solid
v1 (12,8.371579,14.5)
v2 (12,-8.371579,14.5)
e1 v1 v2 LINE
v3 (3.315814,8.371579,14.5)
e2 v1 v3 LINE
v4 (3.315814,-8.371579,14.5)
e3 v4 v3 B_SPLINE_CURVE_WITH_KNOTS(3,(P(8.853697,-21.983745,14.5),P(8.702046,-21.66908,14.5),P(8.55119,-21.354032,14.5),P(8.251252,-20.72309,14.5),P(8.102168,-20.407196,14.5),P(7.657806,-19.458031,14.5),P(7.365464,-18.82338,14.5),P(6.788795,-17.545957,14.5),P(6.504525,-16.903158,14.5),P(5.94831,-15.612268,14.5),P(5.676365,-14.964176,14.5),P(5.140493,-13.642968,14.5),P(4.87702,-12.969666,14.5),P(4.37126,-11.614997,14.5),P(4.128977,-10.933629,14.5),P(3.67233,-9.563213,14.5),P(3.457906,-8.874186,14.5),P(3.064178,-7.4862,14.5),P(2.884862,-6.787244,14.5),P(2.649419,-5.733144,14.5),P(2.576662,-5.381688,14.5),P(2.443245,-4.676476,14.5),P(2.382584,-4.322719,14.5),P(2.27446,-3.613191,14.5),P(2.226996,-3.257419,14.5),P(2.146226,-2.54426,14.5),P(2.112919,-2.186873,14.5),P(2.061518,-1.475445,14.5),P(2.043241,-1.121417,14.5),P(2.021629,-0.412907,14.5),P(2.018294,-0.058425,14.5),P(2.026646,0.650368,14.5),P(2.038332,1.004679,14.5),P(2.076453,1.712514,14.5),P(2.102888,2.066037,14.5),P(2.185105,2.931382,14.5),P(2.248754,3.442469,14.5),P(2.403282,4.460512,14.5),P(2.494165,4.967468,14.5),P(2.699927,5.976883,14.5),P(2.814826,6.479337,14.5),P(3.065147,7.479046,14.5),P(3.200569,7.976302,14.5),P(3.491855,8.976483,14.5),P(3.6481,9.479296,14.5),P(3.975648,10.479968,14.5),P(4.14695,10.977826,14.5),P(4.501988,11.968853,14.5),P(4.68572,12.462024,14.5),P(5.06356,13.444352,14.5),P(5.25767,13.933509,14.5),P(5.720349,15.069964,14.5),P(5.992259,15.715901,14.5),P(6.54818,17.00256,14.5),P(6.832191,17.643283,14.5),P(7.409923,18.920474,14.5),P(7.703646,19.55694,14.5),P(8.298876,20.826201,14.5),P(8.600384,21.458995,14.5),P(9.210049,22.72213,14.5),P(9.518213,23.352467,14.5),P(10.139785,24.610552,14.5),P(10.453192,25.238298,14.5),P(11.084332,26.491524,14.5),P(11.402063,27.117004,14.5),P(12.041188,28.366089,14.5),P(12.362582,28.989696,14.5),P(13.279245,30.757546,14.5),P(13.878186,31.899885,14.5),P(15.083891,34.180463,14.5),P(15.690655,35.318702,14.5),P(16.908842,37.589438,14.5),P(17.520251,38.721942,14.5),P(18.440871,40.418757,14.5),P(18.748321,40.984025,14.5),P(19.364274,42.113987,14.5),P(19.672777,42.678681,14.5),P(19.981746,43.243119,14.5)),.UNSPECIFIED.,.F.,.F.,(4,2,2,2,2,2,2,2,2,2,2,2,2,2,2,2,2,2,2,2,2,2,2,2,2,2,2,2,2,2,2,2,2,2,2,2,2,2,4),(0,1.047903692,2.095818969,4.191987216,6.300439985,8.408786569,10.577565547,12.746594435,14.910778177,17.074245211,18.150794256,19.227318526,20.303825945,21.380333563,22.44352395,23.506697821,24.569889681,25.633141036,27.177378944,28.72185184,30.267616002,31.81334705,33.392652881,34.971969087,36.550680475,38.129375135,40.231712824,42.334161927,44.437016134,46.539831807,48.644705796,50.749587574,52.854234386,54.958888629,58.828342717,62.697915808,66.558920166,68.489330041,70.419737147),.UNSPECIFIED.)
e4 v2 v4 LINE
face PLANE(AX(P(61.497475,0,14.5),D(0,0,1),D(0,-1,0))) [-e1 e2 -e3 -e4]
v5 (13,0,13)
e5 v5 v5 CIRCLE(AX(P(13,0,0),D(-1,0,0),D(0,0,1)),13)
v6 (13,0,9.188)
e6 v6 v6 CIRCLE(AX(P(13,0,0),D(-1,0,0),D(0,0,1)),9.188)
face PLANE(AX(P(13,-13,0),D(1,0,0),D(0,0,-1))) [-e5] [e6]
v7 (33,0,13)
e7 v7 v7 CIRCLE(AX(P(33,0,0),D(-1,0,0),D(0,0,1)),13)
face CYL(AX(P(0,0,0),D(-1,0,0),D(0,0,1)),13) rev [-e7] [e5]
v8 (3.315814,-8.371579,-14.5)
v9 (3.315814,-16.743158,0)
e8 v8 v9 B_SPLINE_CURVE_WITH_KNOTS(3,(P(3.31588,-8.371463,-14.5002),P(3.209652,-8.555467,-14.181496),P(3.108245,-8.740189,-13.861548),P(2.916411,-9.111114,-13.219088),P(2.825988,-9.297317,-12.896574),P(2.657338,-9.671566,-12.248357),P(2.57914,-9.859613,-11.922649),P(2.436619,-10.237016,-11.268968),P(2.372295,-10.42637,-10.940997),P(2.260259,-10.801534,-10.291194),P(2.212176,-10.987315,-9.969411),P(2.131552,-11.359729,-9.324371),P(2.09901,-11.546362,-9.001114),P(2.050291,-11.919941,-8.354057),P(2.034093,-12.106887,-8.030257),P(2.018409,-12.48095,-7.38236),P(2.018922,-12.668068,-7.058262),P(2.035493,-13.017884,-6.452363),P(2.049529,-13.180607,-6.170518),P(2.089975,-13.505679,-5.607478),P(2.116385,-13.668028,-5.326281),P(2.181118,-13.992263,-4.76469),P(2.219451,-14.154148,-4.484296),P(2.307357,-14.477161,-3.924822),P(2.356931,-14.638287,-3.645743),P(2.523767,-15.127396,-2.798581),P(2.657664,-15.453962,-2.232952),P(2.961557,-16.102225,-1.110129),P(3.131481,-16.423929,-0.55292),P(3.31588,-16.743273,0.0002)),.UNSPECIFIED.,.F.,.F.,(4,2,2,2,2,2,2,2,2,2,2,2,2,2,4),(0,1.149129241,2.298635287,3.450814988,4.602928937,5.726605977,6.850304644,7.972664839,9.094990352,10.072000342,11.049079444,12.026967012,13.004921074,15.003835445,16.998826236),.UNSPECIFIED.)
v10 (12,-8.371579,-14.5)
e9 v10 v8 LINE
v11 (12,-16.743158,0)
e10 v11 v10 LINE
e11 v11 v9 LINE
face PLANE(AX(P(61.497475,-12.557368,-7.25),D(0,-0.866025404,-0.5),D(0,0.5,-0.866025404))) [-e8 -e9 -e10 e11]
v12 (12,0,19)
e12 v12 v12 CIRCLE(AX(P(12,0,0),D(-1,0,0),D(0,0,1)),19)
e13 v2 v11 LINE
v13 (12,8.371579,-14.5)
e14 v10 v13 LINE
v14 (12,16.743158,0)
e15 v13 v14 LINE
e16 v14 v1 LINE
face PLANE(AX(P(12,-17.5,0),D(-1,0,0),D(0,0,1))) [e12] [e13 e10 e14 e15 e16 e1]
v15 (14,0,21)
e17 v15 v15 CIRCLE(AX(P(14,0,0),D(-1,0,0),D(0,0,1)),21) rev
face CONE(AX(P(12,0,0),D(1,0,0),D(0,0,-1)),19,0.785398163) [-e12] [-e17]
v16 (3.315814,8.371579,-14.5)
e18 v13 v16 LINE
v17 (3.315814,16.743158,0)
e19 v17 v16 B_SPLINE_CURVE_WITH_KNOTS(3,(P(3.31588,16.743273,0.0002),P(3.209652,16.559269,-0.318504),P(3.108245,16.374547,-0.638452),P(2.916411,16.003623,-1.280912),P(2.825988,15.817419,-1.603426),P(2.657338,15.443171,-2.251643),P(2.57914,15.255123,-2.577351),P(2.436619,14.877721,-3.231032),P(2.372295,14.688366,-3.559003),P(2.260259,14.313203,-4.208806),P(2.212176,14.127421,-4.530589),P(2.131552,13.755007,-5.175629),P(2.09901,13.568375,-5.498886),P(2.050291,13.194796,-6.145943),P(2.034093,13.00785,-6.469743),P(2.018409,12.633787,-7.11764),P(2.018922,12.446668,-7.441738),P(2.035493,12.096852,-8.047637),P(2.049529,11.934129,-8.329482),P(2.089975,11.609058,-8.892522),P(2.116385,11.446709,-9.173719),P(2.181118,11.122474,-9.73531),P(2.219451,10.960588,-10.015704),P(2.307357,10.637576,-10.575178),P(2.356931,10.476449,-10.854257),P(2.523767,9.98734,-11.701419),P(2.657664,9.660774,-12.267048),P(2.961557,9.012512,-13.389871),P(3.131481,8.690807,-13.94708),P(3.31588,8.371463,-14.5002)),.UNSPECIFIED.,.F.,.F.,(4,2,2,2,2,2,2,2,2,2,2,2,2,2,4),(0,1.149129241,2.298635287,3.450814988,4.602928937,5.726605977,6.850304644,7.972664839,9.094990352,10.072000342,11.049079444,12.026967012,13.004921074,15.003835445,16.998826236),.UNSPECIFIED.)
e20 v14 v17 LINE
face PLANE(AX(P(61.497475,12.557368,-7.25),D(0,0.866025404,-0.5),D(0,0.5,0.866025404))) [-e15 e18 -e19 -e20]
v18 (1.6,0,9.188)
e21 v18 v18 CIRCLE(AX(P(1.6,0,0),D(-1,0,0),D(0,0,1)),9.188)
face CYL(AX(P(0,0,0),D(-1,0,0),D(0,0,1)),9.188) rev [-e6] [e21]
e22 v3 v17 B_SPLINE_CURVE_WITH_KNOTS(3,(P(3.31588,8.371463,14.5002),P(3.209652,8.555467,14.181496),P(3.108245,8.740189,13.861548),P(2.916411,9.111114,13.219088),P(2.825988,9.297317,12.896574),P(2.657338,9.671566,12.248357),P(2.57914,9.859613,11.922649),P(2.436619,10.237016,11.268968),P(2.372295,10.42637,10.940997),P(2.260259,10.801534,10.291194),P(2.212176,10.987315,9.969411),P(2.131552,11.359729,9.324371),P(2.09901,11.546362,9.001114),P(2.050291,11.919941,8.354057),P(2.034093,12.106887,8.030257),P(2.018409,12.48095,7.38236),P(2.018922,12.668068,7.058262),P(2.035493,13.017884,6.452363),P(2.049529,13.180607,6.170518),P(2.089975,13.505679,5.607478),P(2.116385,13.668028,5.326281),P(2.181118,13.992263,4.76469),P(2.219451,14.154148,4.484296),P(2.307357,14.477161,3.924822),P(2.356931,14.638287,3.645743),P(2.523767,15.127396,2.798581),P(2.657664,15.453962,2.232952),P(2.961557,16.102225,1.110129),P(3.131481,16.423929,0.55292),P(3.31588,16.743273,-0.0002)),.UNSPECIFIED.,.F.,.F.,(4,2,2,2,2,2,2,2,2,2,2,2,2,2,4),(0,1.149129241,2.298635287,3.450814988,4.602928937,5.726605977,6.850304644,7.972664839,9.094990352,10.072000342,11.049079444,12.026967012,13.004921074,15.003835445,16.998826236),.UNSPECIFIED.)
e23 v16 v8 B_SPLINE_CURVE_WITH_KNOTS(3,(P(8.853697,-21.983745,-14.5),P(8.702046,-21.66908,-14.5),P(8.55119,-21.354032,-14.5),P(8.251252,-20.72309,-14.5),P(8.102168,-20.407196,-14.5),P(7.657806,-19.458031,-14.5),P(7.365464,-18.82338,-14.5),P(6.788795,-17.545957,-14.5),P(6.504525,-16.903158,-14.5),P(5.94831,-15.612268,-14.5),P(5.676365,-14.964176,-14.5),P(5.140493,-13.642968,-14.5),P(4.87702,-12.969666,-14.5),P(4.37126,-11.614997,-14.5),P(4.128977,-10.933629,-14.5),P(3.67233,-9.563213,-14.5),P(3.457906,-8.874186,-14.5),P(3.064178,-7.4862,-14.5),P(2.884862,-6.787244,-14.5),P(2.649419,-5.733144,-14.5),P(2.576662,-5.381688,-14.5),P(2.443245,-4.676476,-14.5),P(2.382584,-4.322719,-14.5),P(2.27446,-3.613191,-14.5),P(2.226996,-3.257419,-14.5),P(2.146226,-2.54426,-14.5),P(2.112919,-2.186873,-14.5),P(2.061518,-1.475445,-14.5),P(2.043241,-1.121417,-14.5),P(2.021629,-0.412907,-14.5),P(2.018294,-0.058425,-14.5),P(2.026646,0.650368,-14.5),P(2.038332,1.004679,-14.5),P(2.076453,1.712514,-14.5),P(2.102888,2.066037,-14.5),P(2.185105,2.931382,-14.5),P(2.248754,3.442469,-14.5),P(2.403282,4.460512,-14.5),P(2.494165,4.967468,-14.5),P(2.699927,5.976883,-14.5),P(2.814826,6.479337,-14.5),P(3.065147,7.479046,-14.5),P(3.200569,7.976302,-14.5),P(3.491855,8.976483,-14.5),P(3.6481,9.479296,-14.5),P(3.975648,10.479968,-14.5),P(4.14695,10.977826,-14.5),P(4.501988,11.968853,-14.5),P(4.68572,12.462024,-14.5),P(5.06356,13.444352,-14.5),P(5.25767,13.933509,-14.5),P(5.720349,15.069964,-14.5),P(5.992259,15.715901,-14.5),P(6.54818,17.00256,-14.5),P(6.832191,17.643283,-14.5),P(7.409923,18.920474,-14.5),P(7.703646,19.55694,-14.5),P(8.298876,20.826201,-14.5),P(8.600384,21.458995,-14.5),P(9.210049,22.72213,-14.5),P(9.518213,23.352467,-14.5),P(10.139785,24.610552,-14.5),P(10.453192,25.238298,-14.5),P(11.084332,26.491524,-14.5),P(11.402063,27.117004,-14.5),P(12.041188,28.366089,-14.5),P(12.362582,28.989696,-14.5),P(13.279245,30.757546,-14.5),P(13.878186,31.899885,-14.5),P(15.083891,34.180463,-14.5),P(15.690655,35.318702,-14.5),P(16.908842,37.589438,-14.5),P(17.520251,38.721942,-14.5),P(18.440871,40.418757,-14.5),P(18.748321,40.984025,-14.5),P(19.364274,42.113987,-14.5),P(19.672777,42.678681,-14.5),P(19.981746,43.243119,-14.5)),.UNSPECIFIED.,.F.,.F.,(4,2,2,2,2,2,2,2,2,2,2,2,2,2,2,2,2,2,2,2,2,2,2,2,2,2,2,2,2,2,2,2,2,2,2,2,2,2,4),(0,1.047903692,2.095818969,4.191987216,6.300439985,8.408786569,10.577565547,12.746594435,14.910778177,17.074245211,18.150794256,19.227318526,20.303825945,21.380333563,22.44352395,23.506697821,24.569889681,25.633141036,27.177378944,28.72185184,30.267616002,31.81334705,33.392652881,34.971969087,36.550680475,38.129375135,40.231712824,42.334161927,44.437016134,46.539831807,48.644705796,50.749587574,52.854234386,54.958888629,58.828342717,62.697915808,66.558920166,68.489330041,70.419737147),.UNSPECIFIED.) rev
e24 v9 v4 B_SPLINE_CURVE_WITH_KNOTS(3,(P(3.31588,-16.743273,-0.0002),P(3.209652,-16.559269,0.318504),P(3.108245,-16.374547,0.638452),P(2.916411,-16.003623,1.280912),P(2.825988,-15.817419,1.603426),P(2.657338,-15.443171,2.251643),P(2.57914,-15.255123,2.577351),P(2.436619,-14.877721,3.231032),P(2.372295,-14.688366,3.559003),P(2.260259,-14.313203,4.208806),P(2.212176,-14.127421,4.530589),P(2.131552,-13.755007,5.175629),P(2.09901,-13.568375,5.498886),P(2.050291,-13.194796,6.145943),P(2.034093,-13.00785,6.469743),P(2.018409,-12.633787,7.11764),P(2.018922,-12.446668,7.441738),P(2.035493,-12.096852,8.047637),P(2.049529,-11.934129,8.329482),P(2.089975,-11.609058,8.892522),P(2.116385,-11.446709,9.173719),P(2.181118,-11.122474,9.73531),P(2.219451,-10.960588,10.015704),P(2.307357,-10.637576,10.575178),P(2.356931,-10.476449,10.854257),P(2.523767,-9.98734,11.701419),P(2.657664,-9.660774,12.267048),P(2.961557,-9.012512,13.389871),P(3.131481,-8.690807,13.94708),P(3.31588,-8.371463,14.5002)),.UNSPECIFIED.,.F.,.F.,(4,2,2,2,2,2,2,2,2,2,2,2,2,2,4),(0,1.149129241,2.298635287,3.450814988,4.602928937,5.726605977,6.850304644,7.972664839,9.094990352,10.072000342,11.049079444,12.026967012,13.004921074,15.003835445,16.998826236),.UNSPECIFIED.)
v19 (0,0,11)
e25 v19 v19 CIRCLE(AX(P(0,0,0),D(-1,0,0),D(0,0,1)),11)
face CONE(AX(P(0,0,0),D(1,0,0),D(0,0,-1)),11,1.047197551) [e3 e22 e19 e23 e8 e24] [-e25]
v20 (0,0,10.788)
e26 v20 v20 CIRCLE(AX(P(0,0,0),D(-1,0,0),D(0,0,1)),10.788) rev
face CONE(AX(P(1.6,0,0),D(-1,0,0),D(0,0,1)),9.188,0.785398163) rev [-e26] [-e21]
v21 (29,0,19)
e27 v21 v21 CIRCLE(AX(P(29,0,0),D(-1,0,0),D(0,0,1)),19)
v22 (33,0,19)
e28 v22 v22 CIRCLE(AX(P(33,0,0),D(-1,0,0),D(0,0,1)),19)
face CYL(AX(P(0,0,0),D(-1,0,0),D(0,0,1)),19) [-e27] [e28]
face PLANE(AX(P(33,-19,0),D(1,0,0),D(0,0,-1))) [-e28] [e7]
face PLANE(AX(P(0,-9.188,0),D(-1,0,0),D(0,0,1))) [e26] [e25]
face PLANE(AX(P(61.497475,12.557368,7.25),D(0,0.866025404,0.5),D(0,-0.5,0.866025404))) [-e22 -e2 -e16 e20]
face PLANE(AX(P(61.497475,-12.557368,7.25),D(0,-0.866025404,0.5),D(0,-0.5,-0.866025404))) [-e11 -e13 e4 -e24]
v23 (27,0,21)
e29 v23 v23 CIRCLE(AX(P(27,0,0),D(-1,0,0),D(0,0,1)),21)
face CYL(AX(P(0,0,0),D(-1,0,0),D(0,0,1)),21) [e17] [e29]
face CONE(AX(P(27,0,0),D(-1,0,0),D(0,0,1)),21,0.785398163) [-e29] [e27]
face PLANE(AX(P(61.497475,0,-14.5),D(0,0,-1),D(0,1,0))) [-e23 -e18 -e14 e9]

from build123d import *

# Parameters (mm, degrees)
CUT_EXTRUDE_START   = -12
SKETCH_2_R          = 17.5
CUT_EXTRUDE_1_DEPTH = 12
CHAMFER_1_SIZE      = 2
CHAMFER_2_SIZE      = 1.6


with BuildPart() as part:
    # Эскиз1 → Повернуть1 (revolve)
    with BuildSketch(Plane.XY, mode=Mode.PRIVATE) as revolve_1_sk:
        Polygon((0, -9.188), (0, -11), (3.75277675, -17.5), (12, -17.5), (12, -21), (27, -21), (29, -19), (33, -19), (33, -13), (13, -13), (13, -9.188), align=None)
    revolve(revolve_1_sk.sketch.rotate(Axis((0, 0, 0), (1, 0, 0)), 270), axis=Axis((0, 0, 0), (1, 0, 0)))

    # Эскиз2 → Вырез-Вытянуть1 (cut)
    with BuildSketch(Plane.ZY.offset(CUT_EXTRUDE_START)):
        Circle(SKETCH_2_R)
        Polygon((0, 16.743157806), (-14.5, 8.371578903), (-14.5, -8.371578903), (0, -16.743157806), (14.5, -8.371578903), (14.5, 8.371578903), align=None, mode=Mode.SUBTRACT)
    extrude(amount=CUT_EXTRUDE_1_DEPTH, mode=Mode.SUBTRACT)

    # Фаска1
    chamfer_1_edges = [part.edges().sort_by_distance(p)[0] for p in [
        (12, 0, -21),
    ]]
    chamfer(chamfer_1_edges, length=CHAMFER_1_SIZE)

    # Фаска2
    chamfer_2_edges = [part.edges().sort_by_distance(p)[0] for p in [
        (0, 0, -9.188),
    ]]
    chamfer(chamfer_2_edges, length=CHAMFER_2_SIZE)


solid = part.part
